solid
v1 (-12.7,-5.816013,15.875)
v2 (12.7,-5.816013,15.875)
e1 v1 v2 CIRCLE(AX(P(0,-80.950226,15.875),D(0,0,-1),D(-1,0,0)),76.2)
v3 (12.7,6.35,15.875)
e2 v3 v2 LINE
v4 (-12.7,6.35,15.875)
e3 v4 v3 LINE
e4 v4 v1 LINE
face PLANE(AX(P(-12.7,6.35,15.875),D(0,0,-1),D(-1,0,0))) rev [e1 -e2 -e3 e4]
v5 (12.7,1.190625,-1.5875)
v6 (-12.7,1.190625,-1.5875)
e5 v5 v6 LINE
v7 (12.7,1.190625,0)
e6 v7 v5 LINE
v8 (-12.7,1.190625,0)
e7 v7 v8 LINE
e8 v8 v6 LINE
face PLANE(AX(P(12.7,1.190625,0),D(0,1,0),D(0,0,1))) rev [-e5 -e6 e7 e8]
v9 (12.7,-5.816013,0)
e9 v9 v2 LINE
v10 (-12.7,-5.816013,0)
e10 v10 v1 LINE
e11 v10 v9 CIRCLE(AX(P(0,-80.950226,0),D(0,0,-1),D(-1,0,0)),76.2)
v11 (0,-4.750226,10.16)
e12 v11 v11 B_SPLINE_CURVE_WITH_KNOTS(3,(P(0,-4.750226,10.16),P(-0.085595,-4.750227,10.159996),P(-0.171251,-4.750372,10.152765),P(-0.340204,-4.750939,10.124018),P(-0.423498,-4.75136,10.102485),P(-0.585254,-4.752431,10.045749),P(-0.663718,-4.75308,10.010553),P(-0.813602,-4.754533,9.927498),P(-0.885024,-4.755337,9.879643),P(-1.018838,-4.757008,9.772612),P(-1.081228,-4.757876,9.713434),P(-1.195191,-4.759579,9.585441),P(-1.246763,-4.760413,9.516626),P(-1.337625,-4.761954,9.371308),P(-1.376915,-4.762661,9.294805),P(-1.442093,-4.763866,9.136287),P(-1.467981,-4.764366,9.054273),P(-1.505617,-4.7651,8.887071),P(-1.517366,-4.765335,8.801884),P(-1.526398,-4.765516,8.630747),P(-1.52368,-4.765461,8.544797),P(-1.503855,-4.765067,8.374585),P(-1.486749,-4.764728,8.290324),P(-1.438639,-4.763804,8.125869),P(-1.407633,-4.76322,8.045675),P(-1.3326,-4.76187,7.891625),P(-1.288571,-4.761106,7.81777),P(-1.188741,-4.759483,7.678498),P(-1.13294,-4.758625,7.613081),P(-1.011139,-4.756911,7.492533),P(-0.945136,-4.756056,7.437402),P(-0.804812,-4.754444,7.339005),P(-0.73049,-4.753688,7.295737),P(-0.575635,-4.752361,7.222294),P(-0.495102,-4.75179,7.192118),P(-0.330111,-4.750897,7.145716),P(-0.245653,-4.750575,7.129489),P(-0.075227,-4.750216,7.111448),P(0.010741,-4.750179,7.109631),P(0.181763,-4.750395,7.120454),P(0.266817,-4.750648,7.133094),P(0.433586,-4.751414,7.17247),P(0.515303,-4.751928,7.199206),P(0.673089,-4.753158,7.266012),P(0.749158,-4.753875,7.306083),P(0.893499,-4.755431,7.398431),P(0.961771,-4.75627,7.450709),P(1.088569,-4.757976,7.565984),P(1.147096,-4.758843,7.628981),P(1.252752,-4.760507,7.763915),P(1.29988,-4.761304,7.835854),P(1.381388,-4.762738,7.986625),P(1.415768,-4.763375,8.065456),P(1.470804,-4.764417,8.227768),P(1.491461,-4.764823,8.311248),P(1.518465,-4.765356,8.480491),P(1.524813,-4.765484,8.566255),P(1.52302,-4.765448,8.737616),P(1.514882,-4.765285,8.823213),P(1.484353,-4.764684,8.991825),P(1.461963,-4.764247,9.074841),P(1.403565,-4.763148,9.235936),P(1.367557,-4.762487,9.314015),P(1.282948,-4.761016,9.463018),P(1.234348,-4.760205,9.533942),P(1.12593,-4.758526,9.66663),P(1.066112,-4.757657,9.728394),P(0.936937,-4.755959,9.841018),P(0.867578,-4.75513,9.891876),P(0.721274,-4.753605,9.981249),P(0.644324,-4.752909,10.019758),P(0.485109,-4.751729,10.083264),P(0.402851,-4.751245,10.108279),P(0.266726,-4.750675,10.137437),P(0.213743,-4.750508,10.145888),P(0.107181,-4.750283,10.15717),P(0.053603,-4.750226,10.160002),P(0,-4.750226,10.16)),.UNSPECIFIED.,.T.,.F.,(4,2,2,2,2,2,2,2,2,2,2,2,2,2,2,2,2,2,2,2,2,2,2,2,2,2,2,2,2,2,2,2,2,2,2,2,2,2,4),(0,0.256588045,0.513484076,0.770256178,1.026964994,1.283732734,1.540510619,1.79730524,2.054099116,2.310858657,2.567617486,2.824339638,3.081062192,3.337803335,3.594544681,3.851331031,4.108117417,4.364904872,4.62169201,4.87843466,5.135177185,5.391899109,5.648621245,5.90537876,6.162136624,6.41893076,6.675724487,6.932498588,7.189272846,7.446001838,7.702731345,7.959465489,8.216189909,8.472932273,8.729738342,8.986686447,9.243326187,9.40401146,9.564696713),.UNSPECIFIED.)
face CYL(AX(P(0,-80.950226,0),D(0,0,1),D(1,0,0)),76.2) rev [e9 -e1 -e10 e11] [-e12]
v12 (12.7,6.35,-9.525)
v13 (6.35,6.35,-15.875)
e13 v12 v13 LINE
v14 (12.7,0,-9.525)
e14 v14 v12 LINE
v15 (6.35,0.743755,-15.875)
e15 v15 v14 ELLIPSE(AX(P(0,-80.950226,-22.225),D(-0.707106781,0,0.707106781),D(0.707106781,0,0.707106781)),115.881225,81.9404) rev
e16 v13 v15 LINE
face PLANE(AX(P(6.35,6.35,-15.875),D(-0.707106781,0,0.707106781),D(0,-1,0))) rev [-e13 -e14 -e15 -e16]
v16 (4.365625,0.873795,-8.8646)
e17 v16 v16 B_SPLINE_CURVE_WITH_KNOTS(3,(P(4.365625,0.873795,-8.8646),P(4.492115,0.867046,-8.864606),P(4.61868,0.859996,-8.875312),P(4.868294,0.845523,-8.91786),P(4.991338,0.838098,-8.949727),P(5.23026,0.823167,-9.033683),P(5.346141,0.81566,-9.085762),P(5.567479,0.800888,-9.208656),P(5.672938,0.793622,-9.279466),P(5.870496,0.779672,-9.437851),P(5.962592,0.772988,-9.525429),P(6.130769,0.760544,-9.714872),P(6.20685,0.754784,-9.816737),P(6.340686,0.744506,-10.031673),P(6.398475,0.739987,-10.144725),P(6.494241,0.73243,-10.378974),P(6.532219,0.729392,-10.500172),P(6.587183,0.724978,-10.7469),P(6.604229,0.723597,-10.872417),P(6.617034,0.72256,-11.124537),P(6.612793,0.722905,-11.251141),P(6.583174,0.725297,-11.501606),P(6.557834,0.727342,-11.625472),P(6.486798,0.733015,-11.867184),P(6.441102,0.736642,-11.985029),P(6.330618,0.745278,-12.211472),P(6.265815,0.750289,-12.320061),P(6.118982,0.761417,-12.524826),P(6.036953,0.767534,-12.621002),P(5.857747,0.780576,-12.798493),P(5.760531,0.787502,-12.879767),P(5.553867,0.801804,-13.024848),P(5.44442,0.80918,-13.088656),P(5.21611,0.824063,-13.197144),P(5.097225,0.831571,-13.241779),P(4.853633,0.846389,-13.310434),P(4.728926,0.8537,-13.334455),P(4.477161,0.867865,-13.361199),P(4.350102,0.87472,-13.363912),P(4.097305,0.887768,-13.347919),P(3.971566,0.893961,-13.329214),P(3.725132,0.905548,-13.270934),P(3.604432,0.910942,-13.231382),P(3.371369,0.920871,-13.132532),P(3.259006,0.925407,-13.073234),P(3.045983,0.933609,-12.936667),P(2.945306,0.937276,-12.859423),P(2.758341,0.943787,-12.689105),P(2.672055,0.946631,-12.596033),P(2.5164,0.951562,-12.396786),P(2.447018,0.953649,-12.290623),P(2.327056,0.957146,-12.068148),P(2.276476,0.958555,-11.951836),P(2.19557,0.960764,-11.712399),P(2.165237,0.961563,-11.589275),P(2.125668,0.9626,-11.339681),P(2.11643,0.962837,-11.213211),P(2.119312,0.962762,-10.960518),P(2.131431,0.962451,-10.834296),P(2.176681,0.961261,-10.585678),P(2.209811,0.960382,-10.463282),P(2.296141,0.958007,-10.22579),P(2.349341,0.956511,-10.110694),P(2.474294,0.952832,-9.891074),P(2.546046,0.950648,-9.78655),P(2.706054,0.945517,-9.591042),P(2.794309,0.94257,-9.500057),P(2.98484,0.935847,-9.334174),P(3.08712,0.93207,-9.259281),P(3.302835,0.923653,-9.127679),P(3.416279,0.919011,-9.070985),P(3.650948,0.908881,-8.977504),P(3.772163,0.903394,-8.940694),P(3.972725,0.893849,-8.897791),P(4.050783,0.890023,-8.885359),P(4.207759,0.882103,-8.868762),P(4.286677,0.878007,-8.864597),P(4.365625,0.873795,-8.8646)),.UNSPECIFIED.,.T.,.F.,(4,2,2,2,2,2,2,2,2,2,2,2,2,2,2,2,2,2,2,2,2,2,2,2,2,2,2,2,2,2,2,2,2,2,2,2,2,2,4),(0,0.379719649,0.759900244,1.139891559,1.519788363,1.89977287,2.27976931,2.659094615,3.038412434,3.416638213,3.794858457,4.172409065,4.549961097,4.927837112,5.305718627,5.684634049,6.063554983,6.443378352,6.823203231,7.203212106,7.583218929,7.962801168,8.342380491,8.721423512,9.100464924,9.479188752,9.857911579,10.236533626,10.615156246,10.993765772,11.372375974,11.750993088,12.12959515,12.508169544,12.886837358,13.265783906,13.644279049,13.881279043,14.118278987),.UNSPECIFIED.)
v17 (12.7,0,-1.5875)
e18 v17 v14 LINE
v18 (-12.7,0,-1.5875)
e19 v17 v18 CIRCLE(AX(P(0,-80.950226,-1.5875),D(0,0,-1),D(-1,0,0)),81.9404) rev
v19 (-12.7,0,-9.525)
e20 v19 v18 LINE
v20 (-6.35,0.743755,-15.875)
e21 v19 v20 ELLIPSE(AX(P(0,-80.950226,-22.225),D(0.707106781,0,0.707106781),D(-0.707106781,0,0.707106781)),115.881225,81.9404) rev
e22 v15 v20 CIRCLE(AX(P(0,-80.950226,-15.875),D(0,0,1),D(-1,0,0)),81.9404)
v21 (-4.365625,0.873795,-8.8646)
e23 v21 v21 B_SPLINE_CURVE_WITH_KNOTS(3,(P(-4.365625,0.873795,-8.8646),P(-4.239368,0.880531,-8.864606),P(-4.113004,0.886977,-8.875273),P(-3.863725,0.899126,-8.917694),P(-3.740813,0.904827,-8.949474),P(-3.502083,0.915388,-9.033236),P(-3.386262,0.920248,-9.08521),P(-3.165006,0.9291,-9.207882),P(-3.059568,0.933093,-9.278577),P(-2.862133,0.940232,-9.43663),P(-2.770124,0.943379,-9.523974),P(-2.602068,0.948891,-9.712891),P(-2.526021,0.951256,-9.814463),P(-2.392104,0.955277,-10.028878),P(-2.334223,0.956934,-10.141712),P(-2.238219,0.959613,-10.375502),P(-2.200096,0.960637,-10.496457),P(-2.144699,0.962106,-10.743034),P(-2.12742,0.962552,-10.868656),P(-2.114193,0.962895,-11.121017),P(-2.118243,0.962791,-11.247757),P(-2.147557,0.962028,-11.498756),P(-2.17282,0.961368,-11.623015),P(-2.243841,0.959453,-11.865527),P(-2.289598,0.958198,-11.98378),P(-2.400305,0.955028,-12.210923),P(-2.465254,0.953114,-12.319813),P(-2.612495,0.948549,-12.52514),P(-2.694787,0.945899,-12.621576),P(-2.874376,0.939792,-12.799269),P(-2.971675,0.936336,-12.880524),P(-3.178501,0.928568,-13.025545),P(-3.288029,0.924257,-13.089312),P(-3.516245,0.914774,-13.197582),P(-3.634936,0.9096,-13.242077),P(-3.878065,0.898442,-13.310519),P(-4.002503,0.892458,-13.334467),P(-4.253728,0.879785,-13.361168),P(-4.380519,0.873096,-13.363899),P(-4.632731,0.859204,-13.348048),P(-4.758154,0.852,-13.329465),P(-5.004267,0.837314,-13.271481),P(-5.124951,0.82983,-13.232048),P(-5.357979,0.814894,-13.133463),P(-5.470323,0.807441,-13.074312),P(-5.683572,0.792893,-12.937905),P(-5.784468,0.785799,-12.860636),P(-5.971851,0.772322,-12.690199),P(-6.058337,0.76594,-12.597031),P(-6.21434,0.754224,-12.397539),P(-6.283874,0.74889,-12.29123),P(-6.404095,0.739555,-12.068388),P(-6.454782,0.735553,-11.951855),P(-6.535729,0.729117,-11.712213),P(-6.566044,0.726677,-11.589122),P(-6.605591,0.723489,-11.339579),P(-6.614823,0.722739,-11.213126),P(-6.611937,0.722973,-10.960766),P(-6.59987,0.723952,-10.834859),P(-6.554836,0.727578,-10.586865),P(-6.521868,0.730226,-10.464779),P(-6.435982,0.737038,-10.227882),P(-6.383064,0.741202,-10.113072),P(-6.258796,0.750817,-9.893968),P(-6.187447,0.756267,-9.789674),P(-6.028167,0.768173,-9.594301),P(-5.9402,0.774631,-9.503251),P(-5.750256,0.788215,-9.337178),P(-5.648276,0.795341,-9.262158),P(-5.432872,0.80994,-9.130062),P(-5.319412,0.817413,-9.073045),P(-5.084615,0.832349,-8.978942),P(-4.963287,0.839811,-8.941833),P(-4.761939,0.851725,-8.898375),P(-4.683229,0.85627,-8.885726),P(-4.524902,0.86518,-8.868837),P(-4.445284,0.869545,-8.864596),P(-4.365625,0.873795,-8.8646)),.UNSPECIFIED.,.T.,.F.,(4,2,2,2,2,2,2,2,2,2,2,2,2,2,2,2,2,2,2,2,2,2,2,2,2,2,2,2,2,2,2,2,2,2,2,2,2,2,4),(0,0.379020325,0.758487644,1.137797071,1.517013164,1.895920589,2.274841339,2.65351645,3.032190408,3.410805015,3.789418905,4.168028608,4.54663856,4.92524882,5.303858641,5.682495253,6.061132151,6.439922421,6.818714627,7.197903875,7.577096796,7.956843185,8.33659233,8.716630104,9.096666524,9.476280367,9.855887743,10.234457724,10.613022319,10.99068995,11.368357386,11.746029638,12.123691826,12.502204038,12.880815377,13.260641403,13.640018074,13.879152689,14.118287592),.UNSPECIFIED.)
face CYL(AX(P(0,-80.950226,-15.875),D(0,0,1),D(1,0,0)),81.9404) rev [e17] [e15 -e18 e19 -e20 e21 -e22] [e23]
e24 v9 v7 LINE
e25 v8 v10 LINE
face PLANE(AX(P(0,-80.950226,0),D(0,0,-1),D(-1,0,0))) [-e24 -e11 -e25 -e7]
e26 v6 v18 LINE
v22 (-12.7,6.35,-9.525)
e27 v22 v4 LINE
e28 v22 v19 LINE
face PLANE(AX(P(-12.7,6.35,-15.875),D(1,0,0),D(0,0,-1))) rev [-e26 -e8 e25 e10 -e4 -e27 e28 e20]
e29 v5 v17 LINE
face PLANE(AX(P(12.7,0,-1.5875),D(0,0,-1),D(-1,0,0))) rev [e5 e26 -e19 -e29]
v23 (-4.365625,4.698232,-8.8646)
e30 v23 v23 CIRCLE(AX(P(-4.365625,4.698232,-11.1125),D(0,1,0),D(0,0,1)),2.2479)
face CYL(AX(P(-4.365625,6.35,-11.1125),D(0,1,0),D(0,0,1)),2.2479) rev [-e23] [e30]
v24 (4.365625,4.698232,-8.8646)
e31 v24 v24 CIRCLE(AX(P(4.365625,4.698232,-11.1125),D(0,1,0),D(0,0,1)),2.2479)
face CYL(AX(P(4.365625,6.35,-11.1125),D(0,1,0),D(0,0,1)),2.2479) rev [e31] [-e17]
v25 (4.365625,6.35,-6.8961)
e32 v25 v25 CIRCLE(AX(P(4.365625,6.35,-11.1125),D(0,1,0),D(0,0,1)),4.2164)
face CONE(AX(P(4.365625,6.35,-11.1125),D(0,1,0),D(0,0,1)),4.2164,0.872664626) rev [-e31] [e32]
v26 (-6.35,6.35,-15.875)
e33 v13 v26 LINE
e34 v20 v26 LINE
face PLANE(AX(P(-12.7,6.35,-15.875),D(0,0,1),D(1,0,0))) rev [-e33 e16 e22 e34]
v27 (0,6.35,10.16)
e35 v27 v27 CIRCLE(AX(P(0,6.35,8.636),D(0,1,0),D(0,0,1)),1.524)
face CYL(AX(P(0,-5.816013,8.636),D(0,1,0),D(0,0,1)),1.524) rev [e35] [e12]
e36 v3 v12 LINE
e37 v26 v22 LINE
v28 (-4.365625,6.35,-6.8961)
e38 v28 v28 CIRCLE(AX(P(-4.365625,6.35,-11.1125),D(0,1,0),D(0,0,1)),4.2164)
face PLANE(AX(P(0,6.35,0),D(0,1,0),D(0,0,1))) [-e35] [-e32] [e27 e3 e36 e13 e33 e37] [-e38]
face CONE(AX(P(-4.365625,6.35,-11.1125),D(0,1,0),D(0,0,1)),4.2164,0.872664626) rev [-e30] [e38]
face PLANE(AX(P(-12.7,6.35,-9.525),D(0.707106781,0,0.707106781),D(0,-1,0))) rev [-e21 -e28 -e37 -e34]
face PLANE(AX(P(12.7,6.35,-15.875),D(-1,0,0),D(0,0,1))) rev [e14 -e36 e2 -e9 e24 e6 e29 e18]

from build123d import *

# Parameters (mm, degrees)
SKETCH1_W                                         = 25.4
SKETCH1_H                                         = 31.75
BOSS_EXTRUDE1_DEPTH                               = 6.35
CUT_EXTRUDE1_DEPTH                                = 35.780382402
BOSS_EXTRUDE2_DEPTH                               = 15.875
SKETCH4_W                                         = 1.5875
SKETCH4_H                                         = 1.190625
CUT_EXTRUDE2_DEPTH                                = 31.618591166
CHAMFER1_SIZE                                     = 6.35
SKETCH5_R                                         = 1.524
CUT_EXTRUDE3_DEPTH                                = 24.692140063
CSK_FOR_8_FLAT_HEAD_MACHINE_SCREW_100_D           = 4.4958
CSK_FOR_8_FLAT_HEAD_MACHINE_SCREW_100_CSINK_D     = 8.4328
CSK_FOR_8_FLAT_HEAD_MACHINE_SCREW_100_CSINK_ANGLE = 100


with BuildPart() as part:
    # Sketch1 → Boss-Extrude1 (new body)
    with BuildSketch(Plane(origin=(0, 0, 0), x_dir=(1, 0, 0), z_dir=(0, 1, 0))):
        Rectangle(SKETCH1_W, SKETCH1_H)
    extrude(amount=BOSS_EXTRUDE1_DEPTH)

    # Sketch2 → Cut-Extrude1 (cut, through all)
    with BuildSketch(Plane.XY.offset(15.875)):
        with BuildLine():
            Line((-12.7, 0), (12.7, 0))
            ThreePointArc((12.7, 0), (0, 0.990173613), (-12.7, 0))
        make_face()
    extrude(amount=-CUT_EXTRUDE1_DEPTH, mode=Mode.SUBTRACT)

    # Sketch3 → Boss-Extrude2 (add)
    with BuildSketch(Plane.XY.offset(15.875)):
        with BuildLine():
            Line((-12.7, 6.35), (12.7, 6.35))
            Line((12.7, 6.35), (12.7, -5.816013142))
            ThreePointArc((12.7, -5.816013142), (0, -4.750226387), (-12.7, -5.816013142))
            Line((-12.7, -5.816013142), (-12.7, 6.35))
        make_face()
    extrude(amount=-BOSS_EXTRUDE2_DEPTH)

    # Sketch4 → Cut-Extrude2 (cut, through all)
    with BuildSketch(Plane.ZY.offset(12.7)):
        with Locations((-0.79375, 0.5953125)):
            Rectangle(SKETCH4_W, SKETCH4_H)
    extrude(amount=-CUT_EXTRUDE2_DEPTH, mode=Mode.SUBTRACT)

    # Chamfer1
    chamfer1_edges = [part.edges().sort_by_distance(p)[0] for p in [
        (-12.7, 3.175, -15.875),
        (12.7, 3.175, -15.875),
    ]]
    chamfer(chamfer1_edges, length=CHAMFER1_SIZE)

    # Sketch5 → Cut-Extrude3 (cut, through all)
    with BuildSketch(Plane(origin=(0, 6.35, 0), x_dir=(1, 0, 0), z_dir=(0, 1, 0))):
        with Locations(Location((0, -8.636, 0), (0, 0, 270))):
            Circle(SKETCH5_R)
    extrude(amount=-CUT_EXTRUDE3_DEPTH, mode=Mode.SUBTRACT)

    # CSK for #8 Flat Head Machine Screw (100)1 (through all)
    with Locations(Plane(origin=(0, 6.35, 0), x_dir=(1, 0, 0), z_dir=(0, 1, 0))):
        with Locations((-4.365625, 11.1125), (4.365625, 11.1125)):
            CounterSinkHole(CSK_FOR_8_FLAT_HEAD_MACHINE_SCREW_100_D / 2, CSK_FOR_8_FLAT_HEAD_MACHINE_SCREW_100_CSINK_D / 2, counter_sink_angle=CSK_FOR_8_FLAT_HEAD_MACHINE_SCREW_100_CSINK_ANGLE)


solid = part.part
